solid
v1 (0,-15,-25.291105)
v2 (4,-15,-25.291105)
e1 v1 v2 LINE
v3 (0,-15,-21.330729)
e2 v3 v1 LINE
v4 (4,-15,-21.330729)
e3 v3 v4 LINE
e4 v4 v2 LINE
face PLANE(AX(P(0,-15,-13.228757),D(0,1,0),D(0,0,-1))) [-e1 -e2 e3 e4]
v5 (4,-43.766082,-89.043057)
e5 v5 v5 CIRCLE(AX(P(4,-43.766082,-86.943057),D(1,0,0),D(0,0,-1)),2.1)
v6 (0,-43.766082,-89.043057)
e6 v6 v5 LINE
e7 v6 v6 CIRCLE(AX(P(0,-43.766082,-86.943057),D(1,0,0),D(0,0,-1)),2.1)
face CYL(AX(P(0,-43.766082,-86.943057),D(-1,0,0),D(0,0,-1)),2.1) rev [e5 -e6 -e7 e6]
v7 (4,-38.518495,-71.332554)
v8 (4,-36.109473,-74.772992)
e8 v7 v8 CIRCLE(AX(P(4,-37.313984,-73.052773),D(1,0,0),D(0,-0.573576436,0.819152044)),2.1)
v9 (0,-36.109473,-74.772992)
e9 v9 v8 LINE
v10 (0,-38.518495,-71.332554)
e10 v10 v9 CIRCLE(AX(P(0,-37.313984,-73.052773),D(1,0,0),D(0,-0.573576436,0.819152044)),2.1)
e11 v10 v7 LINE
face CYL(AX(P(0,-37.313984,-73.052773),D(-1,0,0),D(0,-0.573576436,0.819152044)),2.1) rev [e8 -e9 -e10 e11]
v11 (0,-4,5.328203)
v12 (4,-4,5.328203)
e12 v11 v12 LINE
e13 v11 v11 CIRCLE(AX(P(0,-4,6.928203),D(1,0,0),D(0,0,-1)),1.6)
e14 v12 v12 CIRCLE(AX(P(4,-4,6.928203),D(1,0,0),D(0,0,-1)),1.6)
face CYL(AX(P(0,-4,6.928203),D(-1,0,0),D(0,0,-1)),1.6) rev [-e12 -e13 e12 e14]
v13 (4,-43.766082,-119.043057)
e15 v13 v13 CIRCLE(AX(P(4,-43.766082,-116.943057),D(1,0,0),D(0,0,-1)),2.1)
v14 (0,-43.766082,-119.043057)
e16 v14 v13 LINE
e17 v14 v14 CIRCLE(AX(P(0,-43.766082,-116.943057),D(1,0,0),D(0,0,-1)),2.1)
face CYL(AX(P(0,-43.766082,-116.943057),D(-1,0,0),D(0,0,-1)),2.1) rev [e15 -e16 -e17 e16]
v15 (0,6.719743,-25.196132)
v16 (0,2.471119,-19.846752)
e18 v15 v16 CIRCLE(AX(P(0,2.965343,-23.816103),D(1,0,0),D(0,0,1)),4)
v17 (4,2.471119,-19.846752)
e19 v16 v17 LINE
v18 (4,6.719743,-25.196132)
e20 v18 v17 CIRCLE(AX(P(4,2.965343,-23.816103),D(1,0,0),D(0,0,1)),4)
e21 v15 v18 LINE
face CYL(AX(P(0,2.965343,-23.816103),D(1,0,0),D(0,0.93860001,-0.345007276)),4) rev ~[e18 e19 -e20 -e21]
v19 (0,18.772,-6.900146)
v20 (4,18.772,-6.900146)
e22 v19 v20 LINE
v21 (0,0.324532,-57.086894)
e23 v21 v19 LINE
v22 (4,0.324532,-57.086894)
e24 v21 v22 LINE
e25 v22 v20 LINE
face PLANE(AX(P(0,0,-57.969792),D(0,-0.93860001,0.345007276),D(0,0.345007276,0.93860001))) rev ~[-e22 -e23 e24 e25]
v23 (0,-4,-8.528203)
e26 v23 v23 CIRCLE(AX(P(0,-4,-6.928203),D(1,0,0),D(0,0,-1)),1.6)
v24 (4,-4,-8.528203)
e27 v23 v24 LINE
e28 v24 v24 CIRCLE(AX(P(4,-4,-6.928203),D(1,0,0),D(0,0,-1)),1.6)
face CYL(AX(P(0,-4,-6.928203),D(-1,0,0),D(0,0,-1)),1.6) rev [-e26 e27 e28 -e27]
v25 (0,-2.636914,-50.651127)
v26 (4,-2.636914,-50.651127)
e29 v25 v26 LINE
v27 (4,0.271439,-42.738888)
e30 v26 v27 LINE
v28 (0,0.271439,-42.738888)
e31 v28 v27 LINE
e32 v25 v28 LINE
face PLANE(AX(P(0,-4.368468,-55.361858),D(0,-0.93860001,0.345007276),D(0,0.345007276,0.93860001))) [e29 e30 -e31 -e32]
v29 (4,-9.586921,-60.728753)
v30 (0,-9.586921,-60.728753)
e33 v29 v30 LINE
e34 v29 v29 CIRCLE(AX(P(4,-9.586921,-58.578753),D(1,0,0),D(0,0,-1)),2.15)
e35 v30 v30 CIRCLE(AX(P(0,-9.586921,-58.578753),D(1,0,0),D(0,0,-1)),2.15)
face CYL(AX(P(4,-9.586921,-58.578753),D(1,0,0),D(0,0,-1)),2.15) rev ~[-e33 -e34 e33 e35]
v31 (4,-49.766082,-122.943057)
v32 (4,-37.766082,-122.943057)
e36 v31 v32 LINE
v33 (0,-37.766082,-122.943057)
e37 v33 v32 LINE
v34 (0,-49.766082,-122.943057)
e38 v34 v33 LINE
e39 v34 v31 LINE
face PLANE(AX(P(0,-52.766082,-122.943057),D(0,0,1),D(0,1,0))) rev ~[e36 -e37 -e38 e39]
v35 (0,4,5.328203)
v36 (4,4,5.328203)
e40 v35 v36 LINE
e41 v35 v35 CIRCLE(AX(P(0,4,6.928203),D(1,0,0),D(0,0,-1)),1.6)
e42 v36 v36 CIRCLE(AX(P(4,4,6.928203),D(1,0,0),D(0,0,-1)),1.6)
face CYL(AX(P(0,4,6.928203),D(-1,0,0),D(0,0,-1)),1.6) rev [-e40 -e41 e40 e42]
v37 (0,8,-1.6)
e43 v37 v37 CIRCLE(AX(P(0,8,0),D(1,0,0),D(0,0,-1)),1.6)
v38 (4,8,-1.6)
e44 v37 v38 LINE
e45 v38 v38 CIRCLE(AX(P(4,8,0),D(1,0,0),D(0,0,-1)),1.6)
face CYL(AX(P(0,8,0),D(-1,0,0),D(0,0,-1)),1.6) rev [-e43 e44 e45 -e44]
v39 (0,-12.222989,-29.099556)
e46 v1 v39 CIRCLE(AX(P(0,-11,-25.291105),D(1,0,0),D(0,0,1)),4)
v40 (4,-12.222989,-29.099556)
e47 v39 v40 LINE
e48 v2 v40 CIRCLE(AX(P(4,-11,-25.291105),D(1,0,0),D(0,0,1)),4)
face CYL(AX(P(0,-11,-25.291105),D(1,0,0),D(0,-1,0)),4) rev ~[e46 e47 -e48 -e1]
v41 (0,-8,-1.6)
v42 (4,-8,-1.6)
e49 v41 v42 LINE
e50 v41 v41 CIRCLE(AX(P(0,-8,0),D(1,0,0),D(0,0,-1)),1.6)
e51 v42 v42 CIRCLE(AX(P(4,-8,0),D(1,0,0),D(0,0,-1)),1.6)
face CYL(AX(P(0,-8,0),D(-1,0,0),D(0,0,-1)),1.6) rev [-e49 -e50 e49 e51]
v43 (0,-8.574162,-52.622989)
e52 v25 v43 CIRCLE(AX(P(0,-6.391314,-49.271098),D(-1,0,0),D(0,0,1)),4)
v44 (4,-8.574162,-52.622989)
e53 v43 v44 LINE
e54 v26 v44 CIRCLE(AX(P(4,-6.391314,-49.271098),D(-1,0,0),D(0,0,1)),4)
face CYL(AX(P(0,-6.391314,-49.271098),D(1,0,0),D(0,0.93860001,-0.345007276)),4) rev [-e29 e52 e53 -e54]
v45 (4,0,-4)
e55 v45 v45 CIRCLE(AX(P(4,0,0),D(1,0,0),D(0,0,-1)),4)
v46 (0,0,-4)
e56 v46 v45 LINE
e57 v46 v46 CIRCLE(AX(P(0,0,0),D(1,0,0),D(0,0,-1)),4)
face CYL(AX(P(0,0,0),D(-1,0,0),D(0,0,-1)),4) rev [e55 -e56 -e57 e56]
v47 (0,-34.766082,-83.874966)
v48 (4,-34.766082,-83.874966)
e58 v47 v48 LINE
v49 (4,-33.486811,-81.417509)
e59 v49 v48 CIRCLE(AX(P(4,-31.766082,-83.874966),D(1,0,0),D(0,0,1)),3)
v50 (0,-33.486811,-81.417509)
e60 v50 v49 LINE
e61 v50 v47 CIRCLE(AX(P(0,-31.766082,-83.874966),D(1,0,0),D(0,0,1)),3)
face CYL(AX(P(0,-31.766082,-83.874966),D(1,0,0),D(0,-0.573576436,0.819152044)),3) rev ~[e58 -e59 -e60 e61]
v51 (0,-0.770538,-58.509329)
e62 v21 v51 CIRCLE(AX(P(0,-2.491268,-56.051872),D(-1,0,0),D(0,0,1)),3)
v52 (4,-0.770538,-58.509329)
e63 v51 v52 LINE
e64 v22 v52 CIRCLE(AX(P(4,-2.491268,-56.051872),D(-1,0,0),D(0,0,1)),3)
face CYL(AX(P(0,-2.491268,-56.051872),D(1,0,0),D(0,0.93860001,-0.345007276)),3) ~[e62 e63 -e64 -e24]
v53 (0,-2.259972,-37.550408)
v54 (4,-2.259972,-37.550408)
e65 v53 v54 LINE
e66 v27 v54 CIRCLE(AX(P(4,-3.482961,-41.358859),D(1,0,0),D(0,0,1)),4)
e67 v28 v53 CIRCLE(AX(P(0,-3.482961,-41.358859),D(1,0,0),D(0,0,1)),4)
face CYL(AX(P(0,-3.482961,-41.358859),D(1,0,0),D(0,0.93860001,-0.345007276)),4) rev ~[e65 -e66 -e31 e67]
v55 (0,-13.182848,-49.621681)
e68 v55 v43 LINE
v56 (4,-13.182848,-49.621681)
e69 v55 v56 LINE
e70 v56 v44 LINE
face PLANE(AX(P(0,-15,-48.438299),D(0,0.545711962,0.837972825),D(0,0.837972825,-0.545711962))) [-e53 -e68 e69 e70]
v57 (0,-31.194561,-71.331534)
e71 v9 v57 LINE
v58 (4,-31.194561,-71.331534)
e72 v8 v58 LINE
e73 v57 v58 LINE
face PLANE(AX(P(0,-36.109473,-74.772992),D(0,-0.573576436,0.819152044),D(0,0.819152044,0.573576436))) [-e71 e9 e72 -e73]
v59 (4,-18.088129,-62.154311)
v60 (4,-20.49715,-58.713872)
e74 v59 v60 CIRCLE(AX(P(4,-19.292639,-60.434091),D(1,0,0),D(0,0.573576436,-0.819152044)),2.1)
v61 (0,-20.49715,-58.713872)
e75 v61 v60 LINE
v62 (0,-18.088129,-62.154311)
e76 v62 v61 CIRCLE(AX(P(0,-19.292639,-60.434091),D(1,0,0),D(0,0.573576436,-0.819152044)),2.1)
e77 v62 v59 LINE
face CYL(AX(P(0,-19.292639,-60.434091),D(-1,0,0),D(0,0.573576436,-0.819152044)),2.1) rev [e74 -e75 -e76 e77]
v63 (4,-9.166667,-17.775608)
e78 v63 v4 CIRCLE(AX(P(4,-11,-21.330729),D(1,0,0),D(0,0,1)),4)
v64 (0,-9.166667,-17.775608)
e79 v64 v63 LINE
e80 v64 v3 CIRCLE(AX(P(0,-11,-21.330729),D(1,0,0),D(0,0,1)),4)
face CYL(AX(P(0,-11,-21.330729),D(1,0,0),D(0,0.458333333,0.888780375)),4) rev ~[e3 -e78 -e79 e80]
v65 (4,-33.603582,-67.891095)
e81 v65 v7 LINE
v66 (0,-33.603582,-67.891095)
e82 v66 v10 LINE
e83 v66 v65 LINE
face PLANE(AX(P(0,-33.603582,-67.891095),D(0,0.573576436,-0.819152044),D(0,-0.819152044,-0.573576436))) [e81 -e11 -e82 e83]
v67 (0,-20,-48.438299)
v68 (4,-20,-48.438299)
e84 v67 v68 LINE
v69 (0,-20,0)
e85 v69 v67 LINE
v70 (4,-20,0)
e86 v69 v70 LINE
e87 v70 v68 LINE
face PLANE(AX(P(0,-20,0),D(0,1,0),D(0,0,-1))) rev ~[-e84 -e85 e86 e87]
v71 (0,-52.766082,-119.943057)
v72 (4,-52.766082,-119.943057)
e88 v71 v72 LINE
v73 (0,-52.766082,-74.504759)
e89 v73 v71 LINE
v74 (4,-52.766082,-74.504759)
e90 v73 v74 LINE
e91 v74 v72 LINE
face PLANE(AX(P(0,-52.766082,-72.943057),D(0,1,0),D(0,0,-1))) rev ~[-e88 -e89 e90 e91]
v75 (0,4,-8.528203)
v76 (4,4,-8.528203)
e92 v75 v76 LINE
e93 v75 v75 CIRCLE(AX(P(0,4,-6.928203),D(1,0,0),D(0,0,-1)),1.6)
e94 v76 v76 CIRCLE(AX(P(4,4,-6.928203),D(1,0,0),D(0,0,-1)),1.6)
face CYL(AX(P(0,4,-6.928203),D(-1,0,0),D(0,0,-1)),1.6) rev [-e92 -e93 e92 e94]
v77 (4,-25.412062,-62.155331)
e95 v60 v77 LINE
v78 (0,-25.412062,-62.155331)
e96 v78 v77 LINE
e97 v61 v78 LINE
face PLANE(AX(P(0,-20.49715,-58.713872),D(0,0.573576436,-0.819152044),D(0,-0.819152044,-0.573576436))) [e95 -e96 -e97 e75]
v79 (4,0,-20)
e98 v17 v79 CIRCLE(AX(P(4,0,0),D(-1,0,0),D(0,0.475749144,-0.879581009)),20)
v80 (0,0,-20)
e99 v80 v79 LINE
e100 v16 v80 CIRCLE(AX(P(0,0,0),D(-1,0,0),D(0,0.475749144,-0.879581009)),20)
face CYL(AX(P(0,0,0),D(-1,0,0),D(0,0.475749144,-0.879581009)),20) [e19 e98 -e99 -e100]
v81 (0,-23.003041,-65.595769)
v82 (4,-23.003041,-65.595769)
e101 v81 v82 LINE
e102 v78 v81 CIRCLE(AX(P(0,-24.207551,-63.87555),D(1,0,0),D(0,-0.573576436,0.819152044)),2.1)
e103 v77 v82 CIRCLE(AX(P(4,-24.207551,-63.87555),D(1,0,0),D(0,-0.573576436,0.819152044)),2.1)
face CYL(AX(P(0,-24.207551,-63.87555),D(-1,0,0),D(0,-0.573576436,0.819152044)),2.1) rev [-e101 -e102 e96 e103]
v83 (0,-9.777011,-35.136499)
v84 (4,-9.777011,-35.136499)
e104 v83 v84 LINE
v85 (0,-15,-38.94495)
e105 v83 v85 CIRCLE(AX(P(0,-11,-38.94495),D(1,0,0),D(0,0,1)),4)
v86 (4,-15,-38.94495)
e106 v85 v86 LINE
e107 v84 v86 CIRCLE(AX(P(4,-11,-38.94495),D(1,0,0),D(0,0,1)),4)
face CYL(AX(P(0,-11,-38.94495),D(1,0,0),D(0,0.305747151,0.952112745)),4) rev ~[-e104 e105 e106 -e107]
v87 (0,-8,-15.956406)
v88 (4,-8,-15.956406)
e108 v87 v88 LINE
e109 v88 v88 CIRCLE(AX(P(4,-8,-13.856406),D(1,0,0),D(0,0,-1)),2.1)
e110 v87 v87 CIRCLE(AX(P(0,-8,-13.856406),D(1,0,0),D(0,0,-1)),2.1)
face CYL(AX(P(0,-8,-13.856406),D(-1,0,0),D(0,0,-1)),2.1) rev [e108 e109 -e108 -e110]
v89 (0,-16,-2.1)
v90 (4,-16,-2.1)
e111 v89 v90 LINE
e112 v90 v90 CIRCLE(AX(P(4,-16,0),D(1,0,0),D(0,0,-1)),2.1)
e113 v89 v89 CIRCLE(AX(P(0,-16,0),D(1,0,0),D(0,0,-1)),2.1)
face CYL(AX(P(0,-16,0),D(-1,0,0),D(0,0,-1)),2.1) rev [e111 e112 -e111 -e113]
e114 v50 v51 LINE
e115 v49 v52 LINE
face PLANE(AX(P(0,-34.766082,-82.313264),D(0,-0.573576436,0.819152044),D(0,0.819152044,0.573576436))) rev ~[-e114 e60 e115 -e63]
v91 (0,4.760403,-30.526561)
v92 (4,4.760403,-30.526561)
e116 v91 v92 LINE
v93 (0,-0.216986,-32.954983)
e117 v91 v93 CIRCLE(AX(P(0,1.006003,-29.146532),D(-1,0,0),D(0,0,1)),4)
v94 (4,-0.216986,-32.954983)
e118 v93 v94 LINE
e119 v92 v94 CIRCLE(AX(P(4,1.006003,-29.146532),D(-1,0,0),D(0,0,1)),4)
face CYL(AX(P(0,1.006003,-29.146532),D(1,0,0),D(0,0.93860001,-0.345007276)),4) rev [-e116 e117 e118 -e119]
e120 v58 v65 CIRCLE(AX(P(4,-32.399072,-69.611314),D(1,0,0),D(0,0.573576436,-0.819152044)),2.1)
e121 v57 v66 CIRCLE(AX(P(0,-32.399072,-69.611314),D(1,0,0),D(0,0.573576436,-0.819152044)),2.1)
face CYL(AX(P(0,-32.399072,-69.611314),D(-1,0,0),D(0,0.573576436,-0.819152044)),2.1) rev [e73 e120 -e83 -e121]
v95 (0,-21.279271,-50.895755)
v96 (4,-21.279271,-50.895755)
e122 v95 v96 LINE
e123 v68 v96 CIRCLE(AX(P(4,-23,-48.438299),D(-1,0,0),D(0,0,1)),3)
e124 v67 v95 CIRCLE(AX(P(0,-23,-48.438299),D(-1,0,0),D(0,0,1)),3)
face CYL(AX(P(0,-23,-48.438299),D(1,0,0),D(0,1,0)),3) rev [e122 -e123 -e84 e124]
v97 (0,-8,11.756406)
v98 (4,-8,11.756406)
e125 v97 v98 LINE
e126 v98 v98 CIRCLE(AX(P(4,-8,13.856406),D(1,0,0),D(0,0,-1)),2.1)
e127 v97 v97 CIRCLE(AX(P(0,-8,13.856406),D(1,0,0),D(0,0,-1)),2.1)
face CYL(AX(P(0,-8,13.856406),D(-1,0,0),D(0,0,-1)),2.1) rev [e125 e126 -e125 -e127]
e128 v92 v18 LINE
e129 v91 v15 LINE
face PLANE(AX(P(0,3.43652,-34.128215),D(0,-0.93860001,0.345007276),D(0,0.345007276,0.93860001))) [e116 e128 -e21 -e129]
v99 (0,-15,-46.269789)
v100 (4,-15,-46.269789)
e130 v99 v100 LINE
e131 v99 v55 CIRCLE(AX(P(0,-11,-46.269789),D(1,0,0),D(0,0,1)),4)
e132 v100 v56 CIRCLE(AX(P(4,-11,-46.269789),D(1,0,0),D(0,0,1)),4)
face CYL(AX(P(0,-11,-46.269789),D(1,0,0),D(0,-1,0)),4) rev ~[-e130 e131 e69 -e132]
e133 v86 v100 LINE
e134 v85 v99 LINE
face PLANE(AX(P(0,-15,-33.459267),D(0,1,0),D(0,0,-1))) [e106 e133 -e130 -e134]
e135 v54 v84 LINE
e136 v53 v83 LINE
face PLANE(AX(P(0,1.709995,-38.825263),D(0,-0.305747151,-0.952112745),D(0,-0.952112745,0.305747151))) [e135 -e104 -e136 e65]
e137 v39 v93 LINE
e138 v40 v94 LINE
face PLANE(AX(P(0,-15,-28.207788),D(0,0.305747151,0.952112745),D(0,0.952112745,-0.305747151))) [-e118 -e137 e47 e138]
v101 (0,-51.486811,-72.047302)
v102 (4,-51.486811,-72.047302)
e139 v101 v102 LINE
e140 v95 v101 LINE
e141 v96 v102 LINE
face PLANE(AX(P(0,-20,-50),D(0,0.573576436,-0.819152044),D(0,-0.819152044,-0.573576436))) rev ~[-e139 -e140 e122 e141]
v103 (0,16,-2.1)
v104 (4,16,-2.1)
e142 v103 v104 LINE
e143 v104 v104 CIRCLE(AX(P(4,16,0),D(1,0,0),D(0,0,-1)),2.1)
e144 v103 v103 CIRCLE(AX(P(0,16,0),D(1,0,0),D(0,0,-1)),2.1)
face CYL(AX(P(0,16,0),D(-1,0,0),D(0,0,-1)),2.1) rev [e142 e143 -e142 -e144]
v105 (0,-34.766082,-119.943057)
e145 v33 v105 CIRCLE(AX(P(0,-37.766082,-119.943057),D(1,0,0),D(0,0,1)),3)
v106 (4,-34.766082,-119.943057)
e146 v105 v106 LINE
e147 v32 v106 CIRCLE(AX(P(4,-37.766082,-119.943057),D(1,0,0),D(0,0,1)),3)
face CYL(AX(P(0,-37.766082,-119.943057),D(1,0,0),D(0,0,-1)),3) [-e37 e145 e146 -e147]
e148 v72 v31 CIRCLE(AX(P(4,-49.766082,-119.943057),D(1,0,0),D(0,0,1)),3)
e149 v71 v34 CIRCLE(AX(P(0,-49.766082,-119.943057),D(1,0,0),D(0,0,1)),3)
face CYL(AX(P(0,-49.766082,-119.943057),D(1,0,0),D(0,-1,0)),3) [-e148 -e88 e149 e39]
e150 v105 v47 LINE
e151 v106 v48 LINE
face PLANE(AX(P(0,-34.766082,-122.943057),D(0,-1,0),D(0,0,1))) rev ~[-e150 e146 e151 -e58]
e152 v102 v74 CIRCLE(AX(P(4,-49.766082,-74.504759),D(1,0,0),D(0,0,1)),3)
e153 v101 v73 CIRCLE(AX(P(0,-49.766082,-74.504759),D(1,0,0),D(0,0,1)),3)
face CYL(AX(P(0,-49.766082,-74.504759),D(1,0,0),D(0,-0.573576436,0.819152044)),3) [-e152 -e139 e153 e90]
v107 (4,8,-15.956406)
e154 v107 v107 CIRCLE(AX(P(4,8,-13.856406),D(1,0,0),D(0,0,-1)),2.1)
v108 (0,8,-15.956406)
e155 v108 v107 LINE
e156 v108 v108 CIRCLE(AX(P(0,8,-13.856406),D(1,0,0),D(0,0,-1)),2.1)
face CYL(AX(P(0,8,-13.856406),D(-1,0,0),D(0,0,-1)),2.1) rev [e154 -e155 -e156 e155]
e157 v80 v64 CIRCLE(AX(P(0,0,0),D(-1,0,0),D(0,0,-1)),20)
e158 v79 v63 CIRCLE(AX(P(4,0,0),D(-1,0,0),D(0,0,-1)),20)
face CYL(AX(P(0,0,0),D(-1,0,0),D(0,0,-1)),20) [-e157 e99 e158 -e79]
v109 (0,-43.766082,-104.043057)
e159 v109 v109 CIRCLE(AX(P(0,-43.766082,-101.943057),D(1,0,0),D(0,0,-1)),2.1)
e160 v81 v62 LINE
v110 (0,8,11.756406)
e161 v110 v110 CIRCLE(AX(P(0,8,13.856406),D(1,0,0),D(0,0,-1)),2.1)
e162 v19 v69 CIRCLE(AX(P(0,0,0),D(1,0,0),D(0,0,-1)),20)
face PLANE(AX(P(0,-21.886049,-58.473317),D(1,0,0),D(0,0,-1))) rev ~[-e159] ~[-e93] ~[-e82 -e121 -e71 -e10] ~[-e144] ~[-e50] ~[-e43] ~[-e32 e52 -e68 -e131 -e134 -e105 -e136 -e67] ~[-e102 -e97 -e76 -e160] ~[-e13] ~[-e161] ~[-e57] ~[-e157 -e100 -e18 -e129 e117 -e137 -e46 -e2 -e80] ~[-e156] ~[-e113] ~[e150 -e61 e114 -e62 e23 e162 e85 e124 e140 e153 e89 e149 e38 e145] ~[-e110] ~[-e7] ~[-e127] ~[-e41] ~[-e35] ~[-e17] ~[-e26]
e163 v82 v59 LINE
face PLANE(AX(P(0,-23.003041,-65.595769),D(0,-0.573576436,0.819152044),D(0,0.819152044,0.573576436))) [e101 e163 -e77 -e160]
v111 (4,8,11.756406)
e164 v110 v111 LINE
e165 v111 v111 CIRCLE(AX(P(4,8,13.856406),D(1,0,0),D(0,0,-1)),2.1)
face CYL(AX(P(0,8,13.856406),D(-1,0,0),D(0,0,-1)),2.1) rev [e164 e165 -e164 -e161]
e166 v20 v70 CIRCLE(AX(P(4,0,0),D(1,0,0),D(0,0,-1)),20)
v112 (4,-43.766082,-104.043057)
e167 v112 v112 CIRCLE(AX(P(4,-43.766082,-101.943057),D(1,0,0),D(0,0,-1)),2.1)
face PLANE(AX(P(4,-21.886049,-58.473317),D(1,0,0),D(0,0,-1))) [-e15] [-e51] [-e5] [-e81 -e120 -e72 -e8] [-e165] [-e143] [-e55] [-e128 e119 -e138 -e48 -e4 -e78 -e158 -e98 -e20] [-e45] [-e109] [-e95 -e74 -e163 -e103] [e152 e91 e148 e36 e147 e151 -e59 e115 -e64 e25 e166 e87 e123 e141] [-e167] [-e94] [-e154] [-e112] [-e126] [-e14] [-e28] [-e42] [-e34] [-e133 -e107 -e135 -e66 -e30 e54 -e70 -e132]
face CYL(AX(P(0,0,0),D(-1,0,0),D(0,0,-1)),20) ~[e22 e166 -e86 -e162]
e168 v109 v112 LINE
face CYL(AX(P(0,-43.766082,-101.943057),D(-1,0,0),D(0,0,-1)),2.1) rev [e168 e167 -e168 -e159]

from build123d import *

# Parameters (mm, degrees)
SKETCH_1_R          = 20
SKETCH_1_R_2        = 2.1
SKETCH_1_R_3        = 1.6
SKETCH_1_R_4        = 4
EXTRUDE_1_DEPTH     = 4
EXTRUDE_START       = -4
SKETCH_2_R          = 2.1
EXTRUDE_2_DEPTH     = 4
FILLET_1_R          = 3
CUT_EXTRUDE_START   = -4
CUT_EXTRUDE_1_DEPTH = 4
FILLET_2_R          = 4
SKETCH_4_R          = 2.15
CUT_EXTRUDE_2_DEPTH = 4


with BuildPart() as part:
    # 草图1 → 凸台-拉伸1 (new body)
    with BuildSketch(Plane(origin=(0, 0, 0), x_dir=(0, 0, -1), z_dir=(1, 0, 0))):
        Circle(SKETCH_1_R)
        with Locations((0, 16)):
            Circle(SKETCH_1_R_2, mode=Mode.SUBTRACT)
        with Locations((13.856406461, 8)):
            Circle(SKETCH_1_R_2, mode=Mode.SUBTRACT)
        with Locations((13.856406461, -8)):
            Circle(SKETCH_1_R_2, mode=Mode.SUBTRACT)
        with Locations((0, -16)):
            Circle(SKETCH_1_R_2, mode=Mode.SUBTRACT)
        with Locations((-13.856406461, -8)):
            Circle(SKETCH_1_R_2, mode=Mode.SUBTRACT)
        with Locations((-13.856406461, 8)):
            Circle(SKETCH_1_R_2, mode=Mode.SUBTRACT)
        with Locations((0, 8)):
            Circle(SKETCH_1_R_3, mode=Mode.SUBTRACT)
        with Locations((6.92820323, 4)):
            Circle(SKETCH_1_R_3, mode=Mode.SUBTRACT)
        with Locations((6.92820323, -4)):
            Circle(SKETCH_1_R_3, mode=Mode.SUBTRACT)
        with Locations((0, -8)):
            Circle(SKETCH_1_R_3, mode=Mode.SUBTRACT)
        with Locations((-6.92820323, -4)):
            Circle(SKETCH_1_R_3, mode=Mode.SUBTRACT)
        with Locations((-6.92820323, 4)):
            Circle(SKETCH_1_R_3, mode=Mode.SUBTRACT)
        Circle(SKETCH_1_R_4, mode=Mode.SUBTRACT)
    extrude(amount=EXTRUDE_1_DEPTH)

    # 草图2 → 凸台-拉伸2 (add)
    with BuildSketch(Plane(origin=(4, 0, 0), x_dir=(0, 0, -1), z_dir=(1, 0, 0)).offset(EXTRUDE_START)):
        with BuildLine():
            Line((0, -20), (50, -20))
            Line((50, -20), (72.943057454, -52.766081772))
            Line((72.943057454, -52.766081772), (122.943057454, -52.766081772))
            Line((122.943057454, -52.766081772), (122.943057454, -34.766081772))
            Line((122.943057454, -34.766081772), (82.313264364, -34.766081772))
            Line((82.313264364, -34.766081772), (57.969791834, 0))
            Line((57.969791834, 0), (6.90014553, 18.772000204))
            ThreePointArc((6.90014553, 18.772000204), (19.69060695, -3.504282802), (0, -20))
        make_face()
        with Locations((86.943057454, -43.766081772)):
            Circle(SKETCH_2_R, mode=Mode.SUBTRACT)
        with Locations((101.943057454, -43.766081772)):
            Circle(SKETCH_2_R, mode=Mode.SUBTRACT)
        with Locations((116.943057454, -43.766081772)):
            Circle(SKETCH_2_R, mode=Mode.SUBTRACT)
    extrude(amount=EXTRUDE_2_DEPTH)

    # 圆角1
    fillet_1_edges = [part.edges().sort_by_distance(p)[0] for p in [
        (2, -52.766081772, -122.943057454),
        (2, -52.766081772, -72.943057454),
        (2, -20, -50),
        (2, 0, -57.969791834),
        (2, -34.766081772, -82.313264364),
        (2, -34.766081772, -122.943057454),
    ]]
    fillet(fillet_1_edges, radius=FILLET_1_R)

    # 草图3 → 切除-拉伸1 (cut)
    with BuildSketch(Plane(origin=(4, 0, 0), x_dir=(0, 0, -1), z_dir=(1, 0, 0)).offset(CUT_EXTRUDE_START)):
        with BuildLine():
            Line((34.128214656, 3.436519896), (17.591620185, 9.514982882))
            ThreePointArc((17.591620185, 9.514982882), (19.38855853, 4.907524645), (20, 0))
            ThreePointArc((20, 0), (18.228756555, -8.228756555), (13.228756555, -15))
            Line((13.228756555, -15), (28.207788247, -15))
            Line((28.207788247, -15), (34.128214656, 3.436519896))
        make_face()
        Polygon((55.36185792, -4.368467695), (38.825263449, 1.709995291), (33.459267156, -15), (48.438298848, -15), align=None)
        with BuildLine():
            Line((58.713872022, -20.497149546), (62.15533064, -25.412061811))
            ThreePointArc((62.15533064, -25.412061811), (65.080060449, -25.927770588), (65.595769226, -23.003040779))
            Line((65.595769226, -23.003040779), (62.154310608, -18.088128513))
            ThreePointArc((62.154310608, -18.088128513), (59.229580798, -17.572419736), (58.713872022, -20.497149546))
        make_face()
        with BuildLine():
            Line((67.891095003, -33.603582254), (71.332553621, -38.51849452))
            ThreePointArc((71.332553621, -38.51849452), (74.257283431, -39.034203297), (74.772992207, -36.109473487))
            Line((74.772992207, -36.109473487), (71.331533589, -31.194561222))
            ThreePointArc((71.331533589, -31.194561222), (68.40680378, -30.678852445), (67.891095003, -33.603582254))
        make_face()
    extrude(amount=CUT_EXTRUDE_1_DEPTH, mode=Mode.SUBTRACT)

    # 圆角2
    fillet_2_edges = [part.edges().sort_by_distance(p)[0] for p in [
        (2, 1.709995291, -38.825263449),
        (2, -4.368467695, -55.36185792),
        (2, -15, -48.438298848),
        (2, -15, -33.459267156),
        (2, -15, -13.228756555),
        (2, 9.514982882, -17.591620185),
        (2, 3.436519896, -34.128214656),
        (2, -15, -28.207788247),
    ]]
    fillet(fillet_2_edges, radius=FILLET_2_R)

    # 草图4 → 切除-拉伸2 (cut)
    with BuildSketch(Plane(origin=(4, 0, 0), x_dir=(0, 0, -1), z_dir=(1, 0, 0))):
        with Locations((58.578753333, -9.586921129)):
            Circle(SKETCH_4_R)
    extrude(amount=-CUT_EXTRUDE_2_DEPTH, mode=Mode.SUBTRACT)


solid = part.part
